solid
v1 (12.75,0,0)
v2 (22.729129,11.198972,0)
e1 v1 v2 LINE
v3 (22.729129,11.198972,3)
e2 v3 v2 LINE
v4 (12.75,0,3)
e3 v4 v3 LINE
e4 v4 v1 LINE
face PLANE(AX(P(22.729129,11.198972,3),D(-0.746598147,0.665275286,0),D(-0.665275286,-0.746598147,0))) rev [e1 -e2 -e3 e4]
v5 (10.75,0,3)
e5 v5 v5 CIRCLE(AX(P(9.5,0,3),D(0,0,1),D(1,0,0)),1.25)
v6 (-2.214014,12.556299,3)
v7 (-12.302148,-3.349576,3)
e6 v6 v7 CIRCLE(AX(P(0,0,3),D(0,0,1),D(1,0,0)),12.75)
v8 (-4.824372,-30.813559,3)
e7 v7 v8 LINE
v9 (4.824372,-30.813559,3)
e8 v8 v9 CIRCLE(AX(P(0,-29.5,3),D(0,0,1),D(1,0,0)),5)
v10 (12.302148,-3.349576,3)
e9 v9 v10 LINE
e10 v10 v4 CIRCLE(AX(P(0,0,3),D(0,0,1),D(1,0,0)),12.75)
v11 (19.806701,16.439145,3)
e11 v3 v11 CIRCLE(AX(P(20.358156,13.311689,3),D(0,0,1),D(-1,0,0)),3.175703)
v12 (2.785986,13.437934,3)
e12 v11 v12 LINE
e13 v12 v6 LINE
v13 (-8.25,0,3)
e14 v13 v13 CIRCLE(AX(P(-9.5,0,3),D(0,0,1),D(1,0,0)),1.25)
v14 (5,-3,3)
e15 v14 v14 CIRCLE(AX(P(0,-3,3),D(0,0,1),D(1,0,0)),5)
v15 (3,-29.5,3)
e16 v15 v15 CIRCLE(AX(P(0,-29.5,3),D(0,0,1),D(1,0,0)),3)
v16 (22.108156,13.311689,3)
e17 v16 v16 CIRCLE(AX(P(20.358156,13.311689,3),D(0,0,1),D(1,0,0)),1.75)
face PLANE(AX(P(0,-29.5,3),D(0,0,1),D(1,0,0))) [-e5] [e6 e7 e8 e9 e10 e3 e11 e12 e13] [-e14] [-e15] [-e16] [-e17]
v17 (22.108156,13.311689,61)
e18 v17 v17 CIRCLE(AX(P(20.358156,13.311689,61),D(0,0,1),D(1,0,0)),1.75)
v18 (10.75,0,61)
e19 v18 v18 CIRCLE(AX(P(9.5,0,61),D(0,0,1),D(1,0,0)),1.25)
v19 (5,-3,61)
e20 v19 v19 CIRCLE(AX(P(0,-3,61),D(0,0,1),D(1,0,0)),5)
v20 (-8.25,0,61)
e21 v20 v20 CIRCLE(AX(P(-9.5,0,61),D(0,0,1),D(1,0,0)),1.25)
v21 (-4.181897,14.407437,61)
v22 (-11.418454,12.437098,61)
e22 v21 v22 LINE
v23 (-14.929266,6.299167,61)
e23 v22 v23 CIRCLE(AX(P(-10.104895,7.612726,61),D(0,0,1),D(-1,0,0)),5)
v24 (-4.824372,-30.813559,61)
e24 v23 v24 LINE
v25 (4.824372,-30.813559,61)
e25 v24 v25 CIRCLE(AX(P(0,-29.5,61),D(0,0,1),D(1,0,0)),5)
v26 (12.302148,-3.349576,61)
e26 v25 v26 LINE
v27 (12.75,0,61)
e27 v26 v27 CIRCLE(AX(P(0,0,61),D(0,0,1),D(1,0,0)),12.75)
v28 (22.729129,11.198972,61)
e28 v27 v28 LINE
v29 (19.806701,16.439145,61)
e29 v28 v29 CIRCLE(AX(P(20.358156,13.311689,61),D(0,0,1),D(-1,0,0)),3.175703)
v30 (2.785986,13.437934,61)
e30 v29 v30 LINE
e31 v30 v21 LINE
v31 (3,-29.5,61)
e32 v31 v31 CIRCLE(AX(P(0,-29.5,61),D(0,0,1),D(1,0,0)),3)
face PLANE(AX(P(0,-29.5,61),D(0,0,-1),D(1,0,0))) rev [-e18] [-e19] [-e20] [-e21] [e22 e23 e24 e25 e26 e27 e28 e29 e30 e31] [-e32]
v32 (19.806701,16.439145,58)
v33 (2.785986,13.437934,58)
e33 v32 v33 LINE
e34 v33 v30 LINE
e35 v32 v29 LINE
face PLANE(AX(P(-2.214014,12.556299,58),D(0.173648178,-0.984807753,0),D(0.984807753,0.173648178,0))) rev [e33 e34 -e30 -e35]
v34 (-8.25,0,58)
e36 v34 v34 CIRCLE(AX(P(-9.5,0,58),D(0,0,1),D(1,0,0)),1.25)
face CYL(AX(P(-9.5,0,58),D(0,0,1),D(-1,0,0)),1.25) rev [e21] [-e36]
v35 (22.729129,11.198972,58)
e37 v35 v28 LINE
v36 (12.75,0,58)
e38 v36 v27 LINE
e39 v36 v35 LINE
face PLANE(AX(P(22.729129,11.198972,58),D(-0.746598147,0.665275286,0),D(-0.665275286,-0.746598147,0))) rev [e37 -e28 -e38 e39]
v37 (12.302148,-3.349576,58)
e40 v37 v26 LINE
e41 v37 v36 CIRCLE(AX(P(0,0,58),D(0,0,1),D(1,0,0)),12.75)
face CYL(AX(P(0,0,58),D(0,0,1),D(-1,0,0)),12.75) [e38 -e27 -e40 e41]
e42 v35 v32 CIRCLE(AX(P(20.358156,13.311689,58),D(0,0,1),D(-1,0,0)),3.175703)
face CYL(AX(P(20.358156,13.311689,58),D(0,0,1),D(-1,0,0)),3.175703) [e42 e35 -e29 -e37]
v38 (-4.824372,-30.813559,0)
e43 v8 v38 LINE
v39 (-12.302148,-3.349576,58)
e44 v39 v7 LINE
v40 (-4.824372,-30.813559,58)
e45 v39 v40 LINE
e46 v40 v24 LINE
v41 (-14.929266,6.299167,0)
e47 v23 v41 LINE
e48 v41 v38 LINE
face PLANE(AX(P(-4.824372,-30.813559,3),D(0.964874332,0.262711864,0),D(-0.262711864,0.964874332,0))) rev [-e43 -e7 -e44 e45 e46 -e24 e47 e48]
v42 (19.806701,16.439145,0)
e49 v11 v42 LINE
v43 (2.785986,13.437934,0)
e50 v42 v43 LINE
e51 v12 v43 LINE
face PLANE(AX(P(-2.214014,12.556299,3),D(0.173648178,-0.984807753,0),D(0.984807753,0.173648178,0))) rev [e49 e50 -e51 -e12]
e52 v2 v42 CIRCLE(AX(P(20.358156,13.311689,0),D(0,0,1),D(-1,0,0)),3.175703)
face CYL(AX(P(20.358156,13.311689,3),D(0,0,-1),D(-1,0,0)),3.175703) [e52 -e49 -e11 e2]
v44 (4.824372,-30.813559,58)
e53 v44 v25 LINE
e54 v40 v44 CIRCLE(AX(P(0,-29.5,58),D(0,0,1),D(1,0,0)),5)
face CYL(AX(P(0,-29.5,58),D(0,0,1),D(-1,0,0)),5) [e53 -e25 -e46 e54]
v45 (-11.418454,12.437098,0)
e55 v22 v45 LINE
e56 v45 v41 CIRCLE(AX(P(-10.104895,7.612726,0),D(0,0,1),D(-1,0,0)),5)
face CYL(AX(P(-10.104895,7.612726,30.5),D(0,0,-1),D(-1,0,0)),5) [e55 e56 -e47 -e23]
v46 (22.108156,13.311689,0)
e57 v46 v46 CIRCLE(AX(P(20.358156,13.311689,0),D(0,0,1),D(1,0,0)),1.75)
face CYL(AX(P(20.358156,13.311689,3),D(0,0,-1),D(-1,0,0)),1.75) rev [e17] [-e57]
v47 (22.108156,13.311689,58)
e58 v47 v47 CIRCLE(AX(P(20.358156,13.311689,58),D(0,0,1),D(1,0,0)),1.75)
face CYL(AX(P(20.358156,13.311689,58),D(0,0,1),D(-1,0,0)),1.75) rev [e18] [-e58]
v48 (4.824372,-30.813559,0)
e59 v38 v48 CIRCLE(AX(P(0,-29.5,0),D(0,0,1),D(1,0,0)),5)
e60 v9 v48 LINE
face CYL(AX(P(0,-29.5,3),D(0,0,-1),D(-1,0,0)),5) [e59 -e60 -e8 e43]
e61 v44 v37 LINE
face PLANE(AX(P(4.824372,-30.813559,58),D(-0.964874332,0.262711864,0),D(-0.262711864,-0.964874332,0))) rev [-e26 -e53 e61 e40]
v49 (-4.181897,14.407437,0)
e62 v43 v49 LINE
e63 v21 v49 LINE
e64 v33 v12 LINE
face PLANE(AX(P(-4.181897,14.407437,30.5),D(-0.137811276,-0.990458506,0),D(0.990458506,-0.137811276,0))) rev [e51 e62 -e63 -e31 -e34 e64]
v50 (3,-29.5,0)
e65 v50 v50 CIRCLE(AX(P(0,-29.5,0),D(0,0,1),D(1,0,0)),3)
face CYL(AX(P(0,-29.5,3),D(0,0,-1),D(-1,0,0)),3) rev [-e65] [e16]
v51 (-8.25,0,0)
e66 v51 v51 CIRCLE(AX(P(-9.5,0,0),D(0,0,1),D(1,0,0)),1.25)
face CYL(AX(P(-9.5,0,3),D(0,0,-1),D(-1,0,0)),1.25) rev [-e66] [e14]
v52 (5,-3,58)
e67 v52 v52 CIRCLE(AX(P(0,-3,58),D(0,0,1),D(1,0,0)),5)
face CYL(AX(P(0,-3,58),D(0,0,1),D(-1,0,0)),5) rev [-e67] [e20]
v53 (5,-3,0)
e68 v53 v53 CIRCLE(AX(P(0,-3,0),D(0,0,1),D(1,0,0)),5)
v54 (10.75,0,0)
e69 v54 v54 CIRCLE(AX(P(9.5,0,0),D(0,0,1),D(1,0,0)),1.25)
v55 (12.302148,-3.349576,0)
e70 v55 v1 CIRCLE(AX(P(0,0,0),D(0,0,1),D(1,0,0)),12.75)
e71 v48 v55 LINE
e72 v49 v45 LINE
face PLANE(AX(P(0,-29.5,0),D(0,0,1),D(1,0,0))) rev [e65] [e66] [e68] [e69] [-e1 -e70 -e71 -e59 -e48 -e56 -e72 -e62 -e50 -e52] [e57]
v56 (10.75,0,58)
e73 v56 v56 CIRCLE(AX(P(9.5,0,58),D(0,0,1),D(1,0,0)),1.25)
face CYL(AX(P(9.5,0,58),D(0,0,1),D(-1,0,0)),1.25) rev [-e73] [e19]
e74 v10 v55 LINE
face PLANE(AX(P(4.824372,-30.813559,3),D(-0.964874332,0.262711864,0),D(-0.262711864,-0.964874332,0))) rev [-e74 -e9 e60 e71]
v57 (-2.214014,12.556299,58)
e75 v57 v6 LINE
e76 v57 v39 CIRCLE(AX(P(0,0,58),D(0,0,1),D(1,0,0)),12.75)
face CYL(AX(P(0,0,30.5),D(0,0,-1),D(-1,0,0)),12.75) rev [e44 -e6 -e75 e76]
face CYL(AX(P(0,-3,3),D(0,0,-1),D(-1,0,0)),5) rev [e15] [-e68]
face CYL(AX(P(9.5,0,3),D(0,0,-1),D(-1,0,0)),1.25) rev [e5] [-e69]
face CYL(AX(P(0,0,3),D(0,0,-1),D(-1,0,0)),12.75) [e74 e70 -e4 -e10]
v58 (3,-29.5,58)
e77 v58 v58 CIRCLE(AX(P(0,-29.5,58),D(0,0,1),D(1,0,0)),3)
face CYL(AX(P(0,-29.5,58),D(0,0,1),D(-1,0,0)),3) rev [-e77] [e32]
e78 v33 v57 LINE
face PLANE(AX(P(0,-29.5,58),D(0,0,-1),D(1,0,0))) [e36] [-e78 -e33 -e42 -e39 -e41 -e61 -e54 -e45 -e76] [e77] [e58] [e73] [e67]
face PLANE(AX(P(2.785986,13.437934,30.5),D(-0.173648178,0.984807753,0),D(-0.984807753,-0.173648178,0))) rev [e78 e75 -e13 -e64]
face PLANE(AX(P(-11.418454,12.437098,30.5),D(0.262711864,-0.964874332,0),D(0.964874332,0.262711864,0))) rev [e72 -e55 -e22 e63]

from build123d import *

# Parameters (mm, degrees)
SKETCH1_R           = 3
SKETCH1_R_2         = 5
SKETCH1_R_3         = 1.25
BOSS_EXTRUDE1_DEPTH = 3
SKETCH2_R           = 1.75
BOSS_EXTRUDE2_DEPTH = 3
BOSS_EXTRUDE3_DEPTH = 30.5


with BuildPart() as part:
    # Sketch1 → Boss-Extrude1 (new body)
    with BuildSketch(Plane.XY):
        with BuildLine():
            Line((-4.824371659, -30.813559322), (-12.302147731, -3.349576271))
            ThreePointArc((-12.302147731, -3.349576271), (0, 12.75), (12.302147731, -3.349576271))
            Line((12.302147731, -3.349576271), (4.824371659, -30.813559322))
            ThreePointArc((4.824371659, -30.813559322), (0, -34.5), (-4.824371659, -30.813559322))
        make_face()
        with Locations((0, -29.5)):
            Circle(SKETCH1_R, mode=Mode.SUBTRACT)
        with Locations((0, -3)):
            Circle(SKETCH1_R_2, mode=Mode.SUBTRACT)
        with Locations((-9.5, 0)):
            Circle(SKETCH1_R_3, mode=Mode.SUBTRACT)
        with Locations((9.5, 0)):
            Circle(SKETCH1_R_3, mode=Mode.SUBTRACT)
    boss_extrude1 = extrude(amount=BOSS_EXTRUDE1_DEPTH)

    # Sketch2 → Boss-Extrude2 (add)
    with BuildSketch(Plane.XY):
        with BuildLine():
            Line((-2.214014265, 12.556298851), (19.806700742, 16.439145041))
            ThreePointArc((19.806700742, 16.439145041), (23.131694024, 14.858482542), (22.729129297, 11.198972206))
            Line((22.729129297, 11.198972206), (12.75, 0))
            ThreePointArc((12.75, 0), (8.195542024, 9.76706665), (-2.214014265, 12.556298851))
        make_face()
        with Locations((20.358155694, 13.311688597)):
            Circle(SKETCH2_R, mode=Mode.SUBTRACT)
    boss_extrude2 = extrude(amount=BOSS_EXTRUDE2_DEPTH)

    # Sketch4 → Boss-Extrude3 (add)
    with BuildSketch(Plane.XY):
        with BuildLine():
            Line((-12.302147731, -3.349576271), (-14.929266375, 6.299167048))
            ThreePointArc((-14.929266375, 6.299167048), (-14.445067335, 10.095245581), (-11.418454038, 12.437098029))
            Line((-11.418454038, 12.437098029), (-4.181896549, 14.407437012))
            Line((-4.181896549, 14.407437012), (2.785985735, 13.437933754))
            Line((2.785985735, 13.437933754), (-2.214014265, 12.556298851))
            ThreePointArc((-2.214014265, 12.556298851), (-10.767030957, 6.828875777), (-12.302147731, -3.349576271))
        make_face()
    boss_extrude3 = extrude(amount=BOSS_EXTRUDE3_DEPTH)

    # Mirror2: Boss-Extrude1, Boss-Extrude2, Boss-Extrude3 across plane
    add(boss_extrude1.mirror(Plane.XY.offset(30.5)))
    add(boss_extrude2.mirror(Plane.XY.offset(30.5)))
    add(boss_extrude3.mirror(Plane.XY.offset(30.5)))


solid = part.part
